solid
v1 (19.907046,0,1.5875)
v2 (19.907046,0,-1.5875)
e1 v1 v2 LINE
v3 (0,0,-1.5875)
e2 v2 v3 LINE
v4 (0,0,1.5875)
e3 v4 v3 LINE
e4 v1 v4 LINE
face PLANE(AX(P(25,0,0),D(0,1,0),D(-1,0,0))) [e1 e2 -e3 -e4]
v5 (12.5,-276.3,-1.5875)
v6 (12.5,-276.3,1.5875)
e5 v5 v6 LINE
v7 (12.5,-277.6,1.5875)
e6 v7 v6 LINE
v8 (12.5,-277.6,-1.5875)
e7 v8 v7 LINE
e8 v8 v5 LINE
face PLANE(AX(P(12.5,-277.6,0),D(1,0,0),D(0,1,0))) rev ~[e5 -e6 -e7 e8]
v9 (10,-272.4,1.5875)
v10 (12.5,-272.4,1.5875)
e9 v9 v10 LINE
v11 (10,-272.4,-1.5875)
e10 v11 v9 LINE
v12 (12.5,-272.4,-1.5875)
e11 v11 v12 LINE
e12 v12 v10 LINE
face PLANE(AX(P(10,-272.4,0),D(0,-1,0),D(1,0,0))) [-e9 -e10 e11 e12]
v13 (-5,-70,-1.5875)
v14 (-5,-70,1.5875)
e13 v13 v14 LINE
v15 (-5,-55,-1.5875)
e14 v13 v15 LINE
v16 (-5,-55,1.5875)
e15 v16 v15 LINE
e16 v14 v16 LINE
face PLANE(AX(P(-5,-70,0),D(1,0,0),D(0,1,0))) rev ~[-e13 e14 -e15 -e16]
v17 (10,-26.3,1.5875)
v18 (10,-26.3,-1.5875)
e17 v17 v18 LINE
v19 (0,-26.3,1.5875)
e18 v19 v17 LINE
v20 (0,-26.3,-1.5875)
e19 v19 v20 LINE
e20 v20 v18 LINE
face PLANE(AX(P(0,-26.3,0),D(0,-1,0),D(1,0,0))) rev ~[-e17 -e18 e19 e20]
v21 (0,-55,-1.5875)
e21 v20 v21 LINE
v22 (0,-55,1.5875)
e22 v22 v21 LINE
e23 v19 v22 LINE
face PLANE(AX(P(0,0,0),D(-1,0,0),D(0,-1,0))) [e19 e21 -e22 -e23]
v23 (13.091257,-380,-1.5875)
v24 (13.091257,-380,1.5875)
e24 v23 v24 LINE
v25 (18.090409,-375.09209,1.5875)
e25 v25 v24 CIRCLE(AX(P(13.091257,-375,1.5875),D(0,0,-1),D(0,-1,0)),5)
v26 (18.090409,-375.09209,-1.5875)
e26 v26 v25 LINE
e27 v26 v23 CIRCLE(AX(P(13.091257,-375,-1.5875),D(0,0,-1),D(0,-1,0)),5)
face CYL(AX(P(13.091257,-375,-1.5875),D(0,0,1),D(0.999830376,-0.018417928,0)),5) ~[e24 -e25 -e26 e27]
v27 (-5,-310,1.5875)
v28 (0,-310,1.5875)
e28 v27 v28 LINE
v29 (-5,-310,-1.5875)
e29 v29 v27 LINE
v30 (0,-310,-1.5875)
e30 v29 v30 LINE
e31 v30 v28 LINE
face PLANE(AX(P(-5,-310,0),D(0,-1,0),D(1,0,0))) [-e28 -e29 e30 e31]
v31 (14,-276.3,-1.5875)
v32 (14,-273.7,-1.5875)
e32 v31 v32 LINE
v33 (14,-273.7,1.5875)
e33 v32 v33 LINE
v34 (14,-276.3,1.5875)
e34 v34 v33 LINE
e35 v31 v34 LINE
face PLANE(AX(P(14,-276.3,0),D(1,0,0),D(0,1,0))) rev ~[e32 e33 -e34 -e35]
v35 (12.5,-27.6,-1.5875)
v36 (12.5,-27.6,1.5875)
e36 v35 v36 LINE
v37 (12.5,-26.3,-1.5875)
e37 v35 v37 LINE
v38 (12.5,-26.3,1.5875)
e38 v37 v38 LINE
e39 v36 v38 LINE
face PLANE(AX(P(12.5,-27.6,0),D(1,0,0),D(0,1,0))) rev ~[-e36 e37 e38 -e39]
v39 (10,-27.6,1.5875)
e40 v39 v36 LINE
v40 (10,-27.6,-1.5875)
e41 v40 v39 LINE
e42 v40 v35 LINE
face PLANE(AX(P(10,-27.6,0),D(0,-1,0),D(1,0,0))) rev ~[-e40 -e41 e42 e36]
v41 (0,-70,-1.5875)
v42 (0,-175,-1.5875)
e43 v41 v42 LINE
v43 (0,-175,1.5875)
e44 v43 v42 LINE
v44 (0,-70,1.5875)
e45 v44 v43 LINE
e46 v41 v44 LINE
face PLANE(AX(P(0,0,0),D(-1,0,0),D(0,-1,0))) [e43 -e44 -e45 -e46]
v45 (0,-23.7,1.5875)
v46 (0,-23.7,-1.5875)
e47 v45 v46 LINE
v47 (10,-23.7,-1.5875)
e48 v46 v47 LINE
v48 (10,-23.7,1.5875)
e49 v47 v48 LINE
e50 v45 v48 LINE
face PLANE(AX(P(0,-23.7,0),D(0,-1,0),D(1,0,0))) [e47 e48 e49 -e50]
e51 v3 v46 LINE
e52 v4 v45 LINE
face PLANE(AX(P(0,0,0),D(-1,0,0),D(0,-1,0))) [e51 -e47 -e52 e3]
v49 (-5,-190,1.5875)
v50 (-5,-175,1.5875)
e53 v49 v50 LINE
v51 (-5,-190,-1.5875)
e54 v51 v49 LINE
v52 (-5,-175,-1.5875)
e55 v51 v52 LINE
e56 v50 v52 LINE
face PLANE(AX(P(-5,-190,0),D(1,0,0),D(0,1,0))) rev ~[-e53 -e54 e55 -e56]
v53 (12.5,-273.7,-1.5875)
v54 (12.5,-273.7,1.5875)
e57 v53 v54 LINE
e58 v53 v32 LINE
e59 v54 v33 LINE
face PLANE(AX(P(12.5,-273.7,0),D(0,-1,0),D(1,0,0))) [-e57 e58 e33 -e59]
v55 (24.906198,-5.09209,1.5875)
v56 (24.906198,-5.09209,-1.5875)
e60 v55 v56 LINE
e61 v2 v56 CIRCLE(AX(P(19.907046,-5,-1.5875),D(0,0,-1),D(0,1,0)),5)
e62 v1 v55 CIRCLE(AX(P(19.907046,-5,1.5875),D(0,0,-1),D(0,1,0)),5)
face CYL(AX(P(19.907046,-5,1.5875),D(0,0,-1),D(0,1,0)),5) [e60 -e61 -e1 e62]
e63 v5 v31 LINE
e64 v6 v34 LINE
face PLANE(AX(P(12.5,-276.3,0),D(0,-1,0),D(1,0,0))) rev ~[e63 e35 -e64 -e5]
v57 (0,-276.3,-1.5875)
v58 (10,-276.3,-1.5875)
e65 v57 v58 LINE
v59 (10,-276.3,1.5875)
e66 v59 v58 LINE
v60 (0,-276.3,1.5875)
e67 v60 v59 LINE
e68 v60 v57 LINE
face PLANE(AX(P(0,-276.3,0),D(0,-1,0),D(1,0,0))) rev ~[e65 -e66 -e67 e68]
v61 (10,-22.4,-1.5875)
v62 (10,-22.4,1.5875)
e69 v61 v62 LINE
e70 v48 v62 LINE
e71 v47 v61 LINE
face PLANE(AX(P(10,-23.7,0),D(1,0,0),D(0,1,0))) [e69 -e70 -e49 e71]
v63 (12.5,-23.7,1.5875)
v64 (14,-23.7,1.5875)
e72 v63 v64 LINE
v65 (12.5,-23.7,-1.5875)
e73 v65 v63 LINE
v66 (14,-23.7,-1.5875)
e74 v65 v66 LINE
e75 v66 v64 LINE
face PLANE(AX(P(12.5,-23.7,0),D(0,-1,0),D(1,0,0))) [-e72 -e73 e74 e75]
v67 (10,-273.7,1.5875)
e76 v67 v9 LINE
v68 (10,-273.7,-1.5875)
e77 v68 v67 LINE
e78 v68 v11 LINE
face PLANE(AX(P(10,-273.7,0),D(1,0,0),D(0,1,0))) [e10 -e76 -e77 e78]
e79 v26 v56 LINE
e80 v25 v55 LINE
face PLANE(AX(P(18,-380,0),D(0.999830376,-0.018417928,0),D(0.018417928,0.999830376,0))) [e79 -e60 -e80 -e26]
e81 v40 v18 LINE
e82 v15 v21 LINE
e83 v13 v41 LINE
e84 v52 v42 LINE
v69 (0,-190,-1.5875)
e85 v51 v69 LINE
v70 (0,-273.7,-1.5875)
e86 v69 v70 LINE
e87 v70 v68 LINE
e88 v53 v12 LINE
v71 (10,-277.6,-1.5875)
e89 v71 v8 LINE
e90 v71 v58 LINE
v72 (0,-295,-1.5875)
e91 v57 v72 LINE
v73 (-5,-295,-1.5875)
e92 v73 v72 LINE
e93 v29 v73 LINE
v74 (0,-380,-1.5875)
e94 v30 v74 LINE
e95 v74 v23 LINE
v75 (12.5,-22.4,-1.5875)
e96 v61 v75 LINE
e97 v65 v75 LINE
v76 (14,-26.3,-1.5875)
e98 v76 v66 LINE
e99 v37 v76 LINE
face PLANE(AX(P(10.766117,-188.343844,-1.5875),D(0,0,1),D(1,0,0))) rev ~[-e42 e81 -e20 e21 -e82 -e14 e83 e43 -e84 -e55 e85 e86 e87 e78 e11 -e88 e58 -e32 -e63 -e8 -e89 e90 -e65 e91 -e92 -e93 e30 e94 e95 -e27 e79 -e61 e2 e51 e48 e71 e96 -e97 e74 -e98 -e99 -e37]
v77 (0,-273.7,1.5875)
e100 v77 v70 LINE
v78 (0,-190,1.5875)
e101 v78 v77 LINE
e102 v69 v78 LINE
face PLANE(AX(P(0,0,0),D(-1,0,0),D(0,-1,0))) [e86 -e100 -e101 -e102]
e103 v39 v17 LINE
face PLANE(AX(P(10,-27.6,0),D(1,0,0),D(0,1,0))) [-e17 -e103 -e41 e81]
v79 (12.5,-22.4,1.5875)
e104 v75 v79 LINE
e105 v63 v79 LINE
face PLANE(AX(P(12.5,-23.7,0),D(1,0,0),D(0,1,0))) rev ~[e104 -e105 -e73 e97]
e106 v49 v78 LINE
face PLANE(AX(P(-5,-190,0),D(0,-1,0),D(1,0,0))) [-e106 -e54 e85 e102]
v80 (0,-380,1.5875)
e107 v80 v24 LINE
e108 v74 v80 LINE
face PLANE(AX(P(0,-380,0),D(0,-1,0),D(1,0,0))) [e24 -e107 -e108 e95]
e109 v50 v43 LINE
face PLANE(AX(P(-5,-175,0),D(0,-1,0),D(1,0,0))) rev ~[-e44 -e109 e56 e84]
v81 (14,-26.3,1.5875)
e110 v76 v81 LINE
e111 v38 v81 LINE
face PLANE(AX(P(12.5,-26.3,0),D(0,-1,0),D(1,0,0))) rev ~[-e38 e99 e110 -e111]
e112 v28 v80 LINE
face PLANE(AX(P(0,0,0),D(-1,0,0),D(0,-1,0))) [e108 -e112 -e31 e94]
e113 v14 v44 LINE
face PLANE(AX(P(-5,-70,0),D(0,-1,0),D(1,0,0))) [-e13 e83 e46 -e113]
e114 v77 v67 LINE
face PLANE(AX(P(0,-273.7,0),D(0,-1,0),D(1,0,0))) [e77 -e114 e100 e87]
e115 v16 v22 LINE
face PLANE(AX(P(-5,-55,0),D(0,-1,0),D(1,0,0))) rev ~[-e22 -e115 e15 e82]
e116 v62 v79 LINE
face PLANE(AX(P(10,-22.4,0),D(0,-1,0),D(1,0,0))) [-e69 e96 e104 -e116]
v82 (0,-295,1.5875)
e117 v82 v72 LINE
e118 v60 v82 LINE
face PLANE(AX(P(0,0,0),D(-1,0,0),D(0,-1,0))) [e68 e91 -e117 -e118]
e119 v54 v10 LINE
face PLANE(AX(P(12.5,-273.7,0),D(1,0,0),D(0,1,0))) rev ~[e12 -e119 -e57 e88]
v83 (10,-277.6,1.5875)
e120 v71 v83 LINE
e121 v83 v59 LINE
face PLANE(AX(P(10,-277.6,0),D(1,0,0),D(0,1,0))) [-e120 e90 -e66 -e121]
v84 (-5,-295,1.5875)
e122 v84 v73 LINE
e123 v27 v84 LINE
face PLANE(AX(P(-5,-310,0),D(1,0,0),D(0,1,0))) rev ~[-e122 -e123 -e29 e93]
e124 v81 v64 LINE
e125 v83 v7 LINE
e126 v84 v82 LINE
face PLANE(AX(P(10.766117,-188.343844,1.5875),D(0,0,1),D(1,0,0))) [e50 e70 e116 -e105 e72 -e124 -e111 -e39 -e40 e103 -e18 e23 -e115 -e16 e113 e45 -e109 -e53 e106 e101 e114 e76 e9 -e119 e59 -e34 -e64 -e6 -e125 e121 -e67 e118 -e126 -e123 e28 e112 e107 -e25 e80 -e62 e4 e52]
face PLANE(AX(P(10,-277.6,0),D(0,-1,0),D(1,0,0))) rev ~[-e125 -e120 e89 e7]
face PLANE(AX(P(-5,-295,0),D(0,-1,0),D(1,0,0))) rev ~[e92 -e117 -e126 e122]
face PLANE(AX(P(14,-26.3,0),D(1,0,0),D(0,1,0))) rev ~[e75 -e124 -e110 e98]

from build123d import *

# Parameters (mm, degrees)
BOSS_EXTRUDE1_DEPTH             = 1.5875
BOSS_EXTRUDE2_REACH             = 382.825
SKETCH1_4_W                     = 5
SKETCH1_4_H                     = 15
BOSS_EXTRUDE2_DIRECTION_2_REACH = 382.825
SKETCH1_5_W                     = 2.5
SKETCH1_5_H                     = 5.2
SKETCH1_5_W_2                   = 14
SKETCH1_5_H_2                   = 2.6
CUT_EXTRUDE2_DEPTH              = 381.824789314
LPATTERN1_COUNT                 = 3
LPATTERN1_PITCH                 = 120
LPATTERN3_COUNT                 = 2
LPATTERN3_PITCH                 = 250
FILLET1_R                       = 5


with BuildPart() as part:
    # Sketch1 → Boss-Extrude1 (new, symmetric)
    with BuildSketch(Plane.XY):
        Polygon((0, 0), (0, -380), (18, -380), (25, 0), align=None)
    extrude(amount=BOSS_EXTRUDE1_DEPTH, both=True)

    # Boss-Extrude2: up to this face of the body (flat: up to its plane)
    boss_extrude2_end = Plane(part.part.faces().sort_by_distance((10.84496124, -179.689922481, 1.5875))[0])
    # Sketch1_4 → Boss-Extrude2 (add, up to the picked face)
    with BuildSketch(Plane.XY, mode=Mode.PRIVATE) as boss_extrude2_sk1:
        with Locations((-2.5, -62.5)):
            Rectangle(SKETCH1_4_W, SKETCH1_4_H)
    boss_extrude2_tool1 = split(extrude(boss_extrude2_sk1.sketch, amount=BOSS_EXTRUDE2_REACH, mode=Mode.PRIVATE), bisect_by=boss_extrude2_end, keep=Keep.BOTH, mode=Mode.PRIVATE)
    boss_extrude2 = boss_extrude2_tool1.solids().sort_by(Axis((-2.5, -62.5, 0), (0, 0, 1)))[0]
    add(boss_extrude2)

    # Boss-Extrude2 direction 2: up to this face of the body (flat: up to its plane)
    boss_extrude2_direction_2_end = Plane(part.part.faces().sort_by_distance((10.84496124, -179.689922481, -1.5875))[0])
    # Sketch1_4 → Boss-Extrude2 direction 2 (add, up to the picked face)
    with BuildSketch(Plane.XY, mode=Mode.PRIVATE) as boss_extrude2_direction_2_sk1:
        with Locations((-2.5, -62.5)):
            Rectangle(SKETCH1_4_W, SKETCH1_4_H)
    boss_extrude2_direction_2_tool1 = split(extrude(boss_extrude2_direction_2_sk1.sketch, amount=-BOSS_EXTRUDE2_DIRECTION_2_REACH, mode=Mode.PRIVATE), bisect_by=boss_extrude2_direction_2_end, keep=Keep.BOTH, mode=Mode.PRIVATE)
    boss_extrude2_direction_2 = boss_extrude2_direction_2_tool1.solids().sort_by(Axis((-2.5, -62.5, 0), (0, 0, -1)))[0]
    add(boss_extrude2_direction_2)

    # Sketch1_5 → Cut-Extrude2 (cut, symmetric)
    with BuildSketch(Plane.XY):
        with Locations((11.25, -25)):
            Rectangle(SKETCH1_5_W, SKETCH1_5_H)
        with Locations((7, -25)):
            Rectangle(SKETCH1_5_W_2, SKETCH1_5_H_2)
    cut_extrude2 = extrude(amount=CUT_EXTRUDE2_DEPTH, both=True, mode=Mode.SUBTRACT)

    # LPattern1: Boss-Extrude2, Boss-Extrude2 direction 2 ×3
    with Locations(*[(0, -i * LPATTERN1_PITCH, 0) for i in range(1, LPATTERN1_COUNT)]):
        add(boss_extrude2)
        add(boss_extrude2_direction_2)

    # LPattern3: Cut-Extrude2 ×2
    with Locations(*[(0, -i * LPATTERN3_PITCH, 0) for i in range(1, LPATTERN3_COUNT)]):
        add(cut_extrude2, mode=Mode.SUBTRACT)

    # Fillet1
    fillet1_edges = [part.edges().sort_by_distance(p)[0] for p in [
        (18, -380, 0),
        (25, 0, 0),
    ]]
    fillet(fillet1_edges, radius=FILLET1_R)


solid = part.part
